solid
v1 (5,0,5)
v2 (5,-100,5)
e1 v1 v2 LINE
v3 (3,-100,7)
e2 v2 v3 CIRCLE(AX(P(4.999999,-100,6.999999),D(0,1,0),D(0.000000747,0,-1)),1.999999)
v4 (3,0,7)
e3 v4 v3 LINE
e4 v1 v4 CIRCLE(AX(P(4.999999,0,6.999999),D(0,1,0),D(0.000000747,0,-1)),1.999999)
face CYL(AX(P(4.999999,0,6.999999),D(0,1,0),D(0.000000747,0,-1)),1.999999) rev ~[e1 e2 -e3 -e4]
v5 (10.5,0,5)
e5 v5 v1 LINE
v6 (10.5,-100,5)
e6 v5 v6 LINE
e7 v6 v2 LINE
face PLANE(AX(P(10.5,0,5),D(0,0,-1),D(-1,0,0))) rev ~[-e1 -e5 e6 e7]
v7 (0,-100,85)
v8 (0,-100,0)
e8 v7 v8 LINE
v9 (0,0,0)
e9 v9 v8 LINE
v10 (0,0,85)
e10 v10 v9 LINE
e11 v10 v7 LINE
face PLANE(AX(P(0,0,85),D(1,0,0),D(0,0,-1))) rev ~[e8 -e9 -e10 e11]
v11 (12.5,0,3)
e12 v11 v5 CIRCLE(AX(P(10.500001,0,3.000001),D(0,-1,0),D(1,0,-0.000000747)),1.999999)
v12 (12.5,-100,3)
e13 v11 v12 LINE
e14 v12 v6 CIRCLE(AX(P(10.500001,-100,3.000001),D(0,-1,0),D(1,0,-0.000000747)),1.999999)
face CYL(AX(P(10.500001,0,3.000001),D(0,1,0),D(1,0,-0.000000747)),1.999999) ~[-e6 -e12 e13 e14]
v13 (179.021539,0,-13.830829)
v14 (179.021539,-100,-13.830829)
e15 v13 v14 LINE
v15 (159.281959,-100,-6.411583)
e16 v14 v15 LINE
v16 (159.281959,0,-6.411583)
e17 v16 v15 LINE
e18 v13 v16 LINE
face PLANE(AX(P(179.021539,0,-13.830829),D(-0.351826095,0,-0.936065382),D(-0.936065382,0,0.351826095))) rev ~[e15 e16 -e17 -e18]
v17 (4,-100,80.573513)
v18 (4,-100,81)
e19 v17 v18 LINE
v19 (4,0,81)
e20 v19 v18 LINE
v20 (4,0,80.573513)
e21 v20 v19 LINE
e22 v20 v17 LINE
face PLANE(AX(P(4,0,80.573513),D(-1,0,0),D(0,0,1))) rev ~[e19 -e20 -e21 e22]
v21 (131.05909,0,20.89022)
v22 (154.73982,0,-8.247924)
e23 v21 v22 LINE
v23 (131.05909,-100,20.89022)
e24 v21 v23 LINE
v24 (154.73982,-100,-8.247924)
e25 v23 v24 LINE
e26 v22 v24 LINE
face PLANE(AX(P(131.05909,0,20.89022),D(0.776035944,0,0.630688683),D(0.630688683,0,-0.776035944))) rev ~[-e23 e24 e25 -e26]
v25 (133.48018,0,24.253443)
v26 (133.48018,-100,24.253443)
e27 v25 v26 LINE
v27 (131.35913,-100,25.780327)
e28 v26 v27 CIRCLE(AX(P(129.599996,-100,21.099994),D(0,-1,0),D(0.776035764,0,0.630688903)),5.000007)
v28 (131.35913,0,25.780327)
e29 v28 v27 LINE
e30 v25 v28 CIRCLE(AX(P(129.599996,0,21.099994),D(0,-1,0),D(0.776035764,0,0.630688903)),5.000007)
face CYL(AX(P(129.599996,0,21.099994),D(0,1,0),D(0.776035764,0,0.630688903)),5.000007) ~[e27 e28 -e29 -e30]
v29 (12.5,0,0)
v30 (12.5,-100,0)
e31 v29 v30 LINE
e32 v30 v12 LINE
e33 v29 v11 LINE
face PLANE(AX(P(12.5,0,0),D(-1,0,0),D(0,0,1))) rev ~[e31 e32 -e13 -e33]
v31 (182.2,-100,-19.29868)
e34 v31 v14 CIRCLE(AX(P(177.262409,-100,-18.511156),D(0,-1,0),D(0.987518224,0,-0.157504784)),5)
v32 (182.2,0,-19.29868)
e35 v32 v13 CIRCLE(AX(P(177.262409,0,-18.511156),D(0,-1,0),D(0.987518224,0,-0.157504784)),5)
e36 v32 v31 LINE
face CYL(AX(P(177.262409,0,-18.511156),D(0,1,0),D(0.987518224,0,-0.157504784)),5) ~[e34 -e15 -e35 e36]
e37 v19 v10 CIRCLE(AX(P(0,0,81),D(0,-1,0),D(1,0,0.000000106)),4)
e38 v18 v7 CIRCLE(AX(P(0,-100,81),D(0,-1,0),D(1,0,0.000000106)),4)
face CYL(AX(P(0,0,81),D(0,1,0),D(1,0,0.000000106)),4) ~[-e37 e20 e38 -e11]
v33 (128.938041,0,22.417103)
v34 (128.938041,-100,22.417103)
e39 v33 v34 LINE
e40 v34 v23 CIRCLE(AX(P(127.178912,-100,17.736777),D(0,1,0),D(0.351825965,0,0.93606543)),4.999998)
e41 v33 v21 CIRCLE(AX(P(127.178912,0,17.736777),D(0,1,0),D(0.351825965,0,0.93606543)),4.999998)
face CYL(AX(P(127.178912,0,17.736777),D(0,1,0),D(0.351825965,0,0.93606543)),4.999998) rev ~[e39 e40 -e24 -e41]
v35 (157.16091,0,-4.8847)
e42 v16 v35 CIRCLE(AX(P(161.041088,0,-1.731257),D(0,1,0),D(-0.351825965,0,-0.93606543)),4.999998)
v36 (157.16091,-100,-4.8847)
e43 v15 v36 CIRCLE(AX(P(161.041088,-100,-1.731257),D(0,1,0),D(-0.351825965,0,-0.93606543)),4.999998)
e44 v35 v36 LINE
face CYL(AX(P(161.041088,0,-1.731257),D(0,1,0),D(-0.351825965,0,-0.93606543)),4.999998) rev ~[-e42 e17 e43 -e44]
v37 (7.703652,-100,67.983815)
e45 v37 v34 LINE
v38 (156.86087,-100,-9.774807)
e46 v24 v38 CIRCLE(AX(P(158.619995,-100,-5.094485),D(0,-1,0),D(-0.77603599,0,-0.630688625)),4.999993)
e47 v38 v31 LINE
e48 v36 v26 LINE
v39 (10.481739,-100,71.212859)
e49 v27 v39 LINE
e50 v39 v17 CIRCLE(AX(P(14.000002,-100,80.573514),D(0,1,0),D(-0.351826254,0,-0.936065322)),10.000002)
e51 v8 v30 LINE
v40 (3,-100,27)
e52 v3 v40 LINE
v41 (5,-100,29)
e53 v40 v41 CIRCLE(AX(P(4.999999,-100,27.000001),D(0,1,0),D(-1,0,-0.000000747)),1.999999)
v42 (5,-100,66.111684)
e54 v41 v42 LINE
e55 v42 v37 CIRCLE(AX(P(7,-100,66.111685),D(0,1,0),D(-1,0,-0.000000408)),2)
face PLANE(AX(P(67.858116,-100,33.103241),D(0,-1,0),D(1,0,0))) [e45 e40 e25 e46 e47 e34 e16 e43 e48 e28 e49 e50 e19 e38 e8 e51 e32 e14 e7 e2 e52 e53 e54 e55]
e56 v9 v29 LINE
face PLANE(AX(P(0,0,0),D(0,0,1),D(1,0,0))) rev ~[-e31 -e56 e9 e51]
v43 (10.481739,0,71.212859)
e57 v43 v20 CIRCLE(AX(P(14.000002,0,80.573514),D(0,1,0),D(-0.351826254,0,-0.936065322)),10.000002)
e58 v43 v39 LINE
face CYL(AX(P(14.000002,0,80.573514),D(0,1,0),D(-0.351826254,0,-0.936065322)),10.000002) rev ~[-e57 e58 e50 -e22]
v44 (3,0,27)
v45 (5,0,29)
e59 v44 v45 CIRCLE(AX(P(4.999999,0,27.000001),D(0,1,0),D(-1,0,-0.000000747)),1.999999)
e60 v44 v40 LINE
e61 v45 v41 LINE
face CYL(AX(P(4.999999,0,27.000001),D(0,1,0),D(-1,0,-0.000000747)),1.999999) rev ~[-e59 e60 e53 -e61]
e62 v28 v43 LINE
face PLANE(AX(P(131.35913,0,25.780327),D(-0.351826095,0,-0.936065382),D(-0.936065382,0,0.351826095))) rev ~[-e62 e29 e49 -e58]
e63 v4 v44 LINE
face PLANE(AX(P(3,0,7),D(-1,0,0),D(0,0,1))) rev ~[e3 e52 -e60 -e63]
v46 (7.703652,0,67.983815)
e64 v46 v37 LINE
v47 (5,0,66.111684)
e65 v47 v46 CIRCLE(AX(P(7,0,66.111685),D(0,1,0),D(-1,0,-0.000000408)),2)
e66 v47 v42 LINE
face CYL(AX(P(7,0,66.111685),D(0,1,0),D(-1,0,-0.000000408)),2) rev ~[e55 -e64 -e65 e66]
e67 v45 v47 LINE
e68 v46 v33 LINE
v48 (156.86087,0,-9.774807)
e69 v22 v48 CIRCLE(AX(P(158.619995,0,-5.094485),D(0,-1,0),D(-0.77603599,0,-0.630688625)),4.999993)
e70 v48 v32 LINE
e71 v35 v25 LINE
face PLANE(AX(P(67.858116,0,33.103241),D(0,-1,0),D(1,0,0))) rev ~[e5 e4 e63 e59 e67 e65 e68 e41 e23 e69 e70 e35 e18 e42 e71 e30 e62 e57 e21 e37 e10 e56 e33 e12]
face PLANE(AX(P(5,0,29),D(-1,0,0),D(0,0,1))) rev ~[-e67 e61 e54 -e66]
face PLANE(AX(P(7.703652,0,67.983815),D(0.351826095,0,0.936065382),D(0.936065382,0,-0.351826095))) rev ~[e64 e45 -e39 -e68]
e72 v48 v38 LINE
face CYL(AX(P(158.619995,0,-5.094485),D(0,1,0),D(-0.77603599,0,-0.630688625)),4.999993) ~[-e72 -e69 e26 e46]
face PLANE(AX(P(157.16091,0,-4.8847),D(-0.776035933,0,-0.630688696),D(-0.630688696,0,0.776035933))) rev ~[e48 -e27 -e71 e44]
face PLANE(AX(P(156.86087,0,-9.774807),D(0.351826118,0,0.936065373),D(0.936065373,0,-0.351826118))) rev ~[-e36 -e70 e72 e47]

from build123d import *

# Parameters (mm, degrees)
F1_DEPTH = 100


with BuildPart() as f1:
    # F0 (on Front) → F1 (new body)
    with BuildSketch(Plane.XZ):
        with BuildLine():
            Line((0, 85), (0, 0))
            Line((0, 0), (12.5, 0))
            Line((12.5, 0), (12.5, 3))
            ThreePointArc((12.5, 3), (11.914214, 4.414214), (10.5, 5))
            Line((10.5, 5), (5, 5))
            ThreePointArc((5, 5), (3.585786, 5.585786), (3, 7))
            Line((3, 7), (3, 27))
            ThreePointArc((3, 27), (3.585786, 28.414214), (5, 29))
            Line((5, 29), (5, 66.111684))
            ThreePointArc((5, 66.111684), (5.861427, 67.755963), (7.703652, 67.983815))
            Line((7.703652, 67.983815), (128.938041, 22.417103))
            ThreePointArc((128.938041, 22.417103), (130.100091, 21.794695), (131.05909, 20.89022))
            Line((131.05909, 20.89022), (154.73982, -8.247924))
            ThreePointArc((154.73982, -8.247924), (155.698819, -9.152399), (156.86087, -9.774807))
            Line((156.86087, -9.774807), (182.2, -19.29868))
            ThreePointArc((182.2, -19.29868), (181.585124, -15.998362), (179.021539, -13.830829))
            Line((179.021539, -13.830829), (159.281959, -6.411583))
            ThreePointArc((159.281959, -6.411583), (158.119909, -5.789175), (157.16091, -4.8847))
            Line((157.16091, -4.8847), (133.48018, 24.253443))
            ThreePointArc((133.48018, 24.253443), (132.521181, 25.157918), (131.35913, 25.780327))
            Line((131.35913, 25.780327), (10.481739, 71.212859))
            ThreePointArc((10.481739, 71.212859), (5.778607, 74.88065), (4, 80.573513))
            Line((4, 80.573513), (4, 81))
            ThreePointArc((4, 81), (2.828427, 83.828427), (0, 85))
        make_face()
    extrude(amount=F1_DEPTH)


solid = f1.part
